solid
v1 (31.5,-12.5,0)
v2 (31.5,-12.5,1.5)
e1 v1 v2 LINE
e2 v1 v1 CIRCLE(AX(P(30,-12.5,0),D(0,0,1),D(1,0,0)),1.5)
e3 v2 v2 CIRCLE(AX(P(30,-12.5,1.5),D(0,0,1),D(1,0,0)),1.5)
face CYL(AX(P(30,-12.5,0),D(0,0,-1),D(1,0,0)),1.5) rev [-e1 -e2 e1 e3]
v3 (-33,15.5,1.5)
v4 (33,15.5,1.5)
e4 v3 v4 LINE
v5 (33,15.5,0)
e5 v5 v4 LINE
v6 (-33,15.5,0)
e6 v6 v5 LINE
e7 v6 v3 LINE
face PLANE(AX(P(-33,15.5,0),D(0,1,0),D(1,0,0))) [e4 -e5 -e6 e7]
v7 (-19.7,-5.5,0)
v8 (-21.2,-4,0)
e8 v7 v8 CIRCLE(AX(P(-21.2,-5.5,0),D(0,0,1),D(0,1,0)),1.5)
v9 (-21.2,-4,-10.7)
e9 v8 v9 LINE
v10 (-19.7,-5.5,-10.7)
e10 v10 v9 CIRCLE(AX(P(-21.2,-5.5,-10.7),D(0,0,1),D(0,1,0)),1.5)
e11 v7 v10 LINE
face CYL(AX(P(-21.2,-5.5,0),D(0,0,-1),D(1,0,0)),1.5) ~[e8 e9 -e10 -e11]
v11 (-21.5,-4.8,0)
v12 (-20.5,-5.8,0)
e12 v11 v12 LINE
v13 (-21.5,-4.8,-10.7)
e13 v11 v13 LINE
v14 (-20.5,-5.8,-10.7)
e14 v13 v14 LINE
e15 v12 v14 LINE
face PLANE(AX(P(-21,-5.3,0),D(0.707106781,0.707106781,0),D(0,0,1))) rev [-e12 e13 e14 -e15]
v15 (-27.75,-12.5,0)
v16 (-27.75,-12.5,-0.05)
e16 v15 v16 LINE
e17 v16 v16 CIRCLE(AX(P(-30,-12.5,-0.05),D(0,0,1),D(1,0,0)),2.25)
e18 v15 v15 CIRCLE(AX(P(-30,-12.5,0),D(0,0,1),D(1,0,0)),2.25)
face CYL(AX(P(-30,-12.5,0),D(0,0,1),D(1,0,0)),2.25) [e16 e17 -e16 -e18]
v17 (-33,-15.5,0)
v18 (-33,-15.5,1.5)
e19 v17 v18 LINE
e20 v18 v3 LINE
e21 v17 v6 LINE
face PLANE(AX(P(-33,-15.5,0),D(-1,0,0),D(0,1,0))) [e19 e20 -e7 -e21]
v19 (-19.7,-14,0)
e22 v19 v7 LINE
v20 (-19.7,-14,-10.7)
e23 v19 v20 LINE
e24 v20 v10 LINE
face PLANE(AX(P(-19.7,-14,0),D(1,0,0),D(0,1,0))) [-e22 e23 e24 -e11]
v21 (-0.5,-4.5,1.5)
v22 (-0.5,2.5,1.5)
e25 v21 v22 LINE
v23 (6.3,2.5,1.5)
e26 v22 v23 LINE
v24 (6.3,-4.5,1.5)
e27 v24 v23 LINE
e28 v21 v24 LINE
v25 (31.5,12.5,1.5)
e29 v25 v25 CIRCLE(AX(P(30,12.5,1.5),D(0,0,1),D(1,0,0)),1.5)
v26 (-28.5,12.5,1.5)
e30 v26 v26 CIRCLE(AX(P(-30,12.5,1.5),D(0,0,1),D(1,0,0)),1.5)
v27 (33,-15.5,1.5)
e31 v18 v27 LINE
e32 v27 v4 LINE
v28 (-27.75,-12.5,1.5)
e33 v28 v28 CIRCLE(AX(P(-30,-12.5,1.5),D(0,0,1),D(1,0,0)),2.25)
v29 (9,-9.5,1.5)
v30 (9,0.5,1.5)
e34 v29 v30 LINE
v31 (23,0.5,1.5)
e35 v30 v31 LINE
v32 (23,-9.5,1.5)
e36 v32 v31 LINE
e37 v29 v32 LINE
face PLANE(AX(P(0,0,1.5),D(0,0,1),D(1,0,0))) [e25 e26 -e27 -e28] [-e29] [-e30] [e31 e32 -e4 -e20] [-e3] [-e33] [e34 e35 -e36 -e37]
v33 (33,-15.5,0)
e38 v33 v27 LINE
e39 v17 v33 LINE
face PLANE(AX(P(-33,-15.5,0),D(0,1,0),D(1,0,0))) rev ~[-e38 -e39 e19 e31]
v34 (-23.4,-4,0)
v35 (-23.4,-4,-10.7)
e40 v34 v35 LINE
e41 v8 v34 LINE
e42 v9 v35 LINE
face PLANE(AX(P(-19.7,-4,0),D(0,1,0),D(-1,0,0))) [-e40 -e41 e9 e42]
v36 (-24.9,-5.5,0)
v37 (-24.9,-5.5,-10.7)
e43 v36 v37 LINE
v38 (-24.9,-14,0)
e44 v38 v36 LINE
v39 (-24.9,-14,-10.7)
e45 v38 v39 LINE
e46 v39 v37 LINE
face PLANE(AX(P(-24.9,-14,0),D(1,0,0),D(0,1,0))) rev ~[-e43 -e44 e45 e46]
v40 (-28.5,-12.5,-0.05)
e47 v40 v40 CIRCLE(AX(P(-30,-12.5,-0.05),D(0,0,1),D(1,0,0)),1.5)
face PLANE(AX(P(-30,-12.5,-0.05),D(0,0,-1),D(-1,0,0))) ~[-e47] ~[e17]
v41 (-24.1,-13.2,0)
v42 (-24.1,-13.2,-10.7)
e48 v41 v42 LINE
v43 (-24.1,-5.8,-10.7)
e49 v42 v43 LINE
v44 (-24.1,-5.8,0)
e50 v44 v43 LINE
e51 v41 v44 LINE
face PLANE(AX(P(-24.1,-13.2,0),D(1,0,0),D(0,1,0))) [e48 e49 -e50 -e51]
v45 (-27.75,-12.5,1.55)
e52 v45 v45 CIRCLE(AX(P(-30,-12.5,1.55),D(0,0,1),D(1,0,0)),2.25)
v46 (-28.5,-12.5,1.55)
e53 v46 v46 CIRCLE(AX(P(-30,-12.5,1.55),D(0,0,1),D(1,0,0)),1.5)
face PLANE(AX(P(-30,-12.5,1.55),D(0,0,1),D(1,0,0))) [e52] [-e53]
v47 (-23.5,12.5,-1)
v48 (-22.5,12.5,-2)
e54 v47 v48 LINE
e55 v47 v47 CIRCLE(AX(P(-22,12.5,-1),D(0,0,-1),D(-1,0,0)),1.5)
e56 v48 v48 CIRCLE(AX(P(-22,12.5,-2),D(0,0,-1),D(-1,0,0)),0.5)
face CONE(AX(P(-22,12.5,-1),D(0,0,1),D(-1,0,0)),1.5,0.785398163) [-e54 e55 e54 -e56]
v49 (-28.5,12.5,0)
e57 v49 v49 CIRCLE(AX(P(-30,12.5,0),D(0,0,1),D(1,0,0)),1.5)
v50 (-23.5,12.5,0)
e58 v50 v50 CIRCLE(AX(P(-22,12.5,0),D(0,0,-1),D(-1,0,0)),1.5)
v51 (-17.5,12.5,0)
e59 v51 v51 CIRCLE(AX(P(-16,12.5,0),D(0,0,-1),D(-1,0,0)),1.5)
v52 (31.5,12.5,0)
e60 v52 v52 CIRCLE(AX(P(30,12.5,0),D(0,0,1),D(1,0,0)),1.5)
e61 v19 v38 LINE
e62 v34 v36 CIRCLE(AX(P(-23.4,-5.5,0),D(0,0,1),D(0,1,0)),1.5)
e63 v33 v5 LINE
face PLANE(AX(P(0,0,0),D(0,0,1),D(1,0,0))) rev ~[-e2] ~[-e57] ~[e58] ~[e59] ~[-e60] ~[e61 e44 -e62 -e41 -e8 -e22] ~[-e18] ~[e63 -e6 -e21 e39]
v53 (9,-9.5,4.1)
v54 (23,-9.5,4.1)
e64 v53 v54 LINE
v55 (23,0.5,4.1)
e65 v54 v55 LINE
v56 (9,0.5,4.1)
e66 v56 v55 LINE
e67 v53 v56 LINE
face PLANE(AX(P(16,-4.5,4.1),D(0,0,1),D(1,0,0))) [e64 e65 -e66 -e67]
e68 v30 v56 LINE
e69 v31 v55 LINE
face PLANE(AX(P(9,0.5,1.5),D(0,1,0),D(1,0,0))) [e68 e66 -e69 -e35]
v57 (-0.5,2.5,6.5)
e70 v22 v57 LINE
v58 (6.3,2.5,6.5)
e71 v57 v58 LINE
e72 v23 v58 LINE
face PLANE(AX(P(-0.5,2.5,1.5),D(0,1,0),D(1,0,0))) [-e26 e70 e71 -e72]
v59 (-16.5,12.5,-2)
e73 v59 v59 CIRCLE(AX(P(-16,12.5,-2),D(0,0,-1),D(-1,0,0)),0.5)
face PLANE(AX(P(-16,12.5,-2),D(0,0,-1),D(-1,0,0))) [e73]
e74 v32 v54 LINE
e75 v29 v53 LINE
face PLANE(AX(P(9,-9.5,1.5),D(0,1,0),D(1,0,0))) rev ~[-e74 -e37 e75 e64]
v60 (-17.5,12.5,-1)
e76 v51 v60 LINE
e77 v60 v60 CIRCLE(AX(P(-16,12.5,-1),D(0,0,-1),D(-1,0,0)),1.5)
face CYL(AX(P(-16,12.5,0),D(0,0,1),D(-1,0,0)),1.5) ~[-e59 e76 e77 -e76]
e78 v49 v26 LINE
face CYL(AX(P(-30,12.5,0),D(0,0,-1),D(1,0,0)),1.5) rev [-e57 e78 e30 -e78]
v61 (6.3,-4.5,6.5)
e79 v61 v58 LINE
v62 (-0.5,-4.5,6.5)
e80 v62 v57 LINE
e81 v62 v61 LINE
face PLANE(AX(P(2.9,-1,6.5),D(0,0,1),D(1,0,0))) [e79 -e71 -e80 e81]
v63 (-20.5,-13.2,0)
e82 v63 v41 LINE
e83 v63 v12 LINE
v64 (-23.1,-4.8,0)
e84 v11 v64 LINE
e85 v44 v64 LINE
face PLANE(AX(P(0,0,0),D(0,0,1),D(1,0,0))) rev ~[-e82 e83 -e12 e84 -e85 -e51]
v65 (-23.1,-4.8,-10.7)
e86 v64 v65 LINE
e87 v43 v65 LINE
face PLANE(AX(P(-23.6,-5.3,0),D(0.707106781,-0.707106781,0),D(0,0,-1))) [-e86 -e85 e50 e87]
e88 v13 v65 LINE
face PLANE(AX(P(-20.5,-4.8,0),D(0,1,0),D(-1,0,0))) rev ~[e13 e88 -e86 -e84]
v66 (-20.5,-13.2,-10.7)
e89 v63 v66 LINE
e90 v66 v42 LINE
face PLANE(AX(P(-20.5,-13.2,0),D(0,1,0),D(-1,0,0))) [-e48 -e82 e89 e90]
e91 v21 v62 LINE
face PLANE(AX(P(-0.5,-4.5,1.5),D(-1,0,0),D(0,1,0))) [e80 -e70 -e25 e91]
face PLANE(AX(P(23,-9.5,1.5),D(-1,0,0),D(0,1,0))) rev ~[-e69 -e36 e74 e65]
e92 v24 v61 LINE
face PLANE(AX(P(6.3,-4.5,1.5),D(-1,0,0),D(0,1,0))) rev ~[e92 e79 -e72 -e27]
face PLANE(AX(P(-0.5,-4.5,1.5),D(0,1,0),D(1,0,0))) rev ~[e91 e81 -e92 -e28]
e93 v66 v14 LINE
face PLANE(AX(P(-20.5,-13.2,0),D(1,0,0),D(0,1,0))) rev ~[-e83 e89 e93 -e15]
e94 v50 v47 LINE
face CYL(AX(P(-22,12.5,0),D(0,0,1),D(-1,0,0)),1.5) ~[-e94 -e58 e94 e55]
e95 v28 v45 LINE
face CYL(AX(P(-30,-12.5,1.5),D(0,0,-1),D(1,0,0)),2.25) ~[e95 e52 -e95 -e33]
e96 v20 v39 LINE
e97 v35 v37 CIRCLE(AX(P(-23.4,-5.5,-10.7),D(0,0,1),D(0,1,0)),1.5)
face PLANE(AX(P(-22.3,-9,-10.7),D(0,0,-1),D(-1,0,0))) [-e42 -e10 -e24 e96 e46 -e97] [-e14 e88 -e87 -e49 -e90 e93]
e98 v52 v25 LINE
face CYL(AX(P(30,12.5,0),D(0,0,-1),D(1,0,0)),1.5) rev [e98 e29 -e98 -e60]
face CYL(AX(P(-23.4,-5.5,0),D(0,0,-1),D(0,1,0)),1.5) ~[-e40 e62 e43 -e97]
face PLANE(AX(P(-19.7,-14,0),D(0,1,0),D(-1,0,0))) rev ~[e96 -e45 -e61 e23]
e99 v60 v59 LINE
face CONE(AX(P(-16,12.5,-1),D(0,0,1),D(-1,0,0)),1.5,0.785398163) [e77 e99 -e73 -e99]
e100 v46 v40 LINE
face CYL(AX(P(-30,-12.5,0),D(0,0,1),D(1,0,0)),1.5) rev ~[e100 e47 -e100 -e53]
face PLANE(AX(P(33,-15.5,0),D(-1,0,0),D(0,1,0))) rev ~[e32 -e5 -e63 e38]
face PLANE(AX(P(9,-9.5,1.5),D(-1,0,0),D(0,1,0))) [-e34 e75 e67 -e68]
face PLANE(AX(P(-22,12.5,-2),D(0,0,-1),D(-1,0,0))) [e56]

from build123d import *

# Parameters (mm, degrees)
SKETCH1_W           = 66
SKETCH1_H           = 31
SKETCH1_R           = 1.5
BOSS_EXTRUDE1_DEPTH = 1.5
SKETCH2_W           = 14
SKETCH2_H           = 10
BOSS_EXTRUDE2_DEPTH = 2.6
SKETCH3_W           = 6.8
SKETCH3_H           = 7
BOSS_EXTRUDE3_DEPTH = 5
SKETCH4_R           = 2.25
SKETCH4_R_2         = 1.5
BOSS_EXTRUDE4_DEPTH = 0.05
SKETCH5_W           = 5.2
SKETCH5_H           = 10
SKETCH5_W_2         = 3.6
SKETCH5_H_2         = 8.4
BOSS_EXTRUDE5_DEPTH = 10.7
CHAMFER1_SIZE       = 1
FILLET1_R           = 1.5
SKETCH6_R           = 1.5
BOSS_EXTRUDE6_DEPTH = 2
CHAMFER2_SIZE       = 1


with BuildPart() as part:
    # Sketch1 → Boss-Extrude1 (new body)
    with BuildSketch(Plane.XY):
        Rectangle(SKETCH1_W, SKETCH1_H)
        with Locations((30, 12.5)):
            Circle(SKETCH1_R, mode=Mode.SUBTRACT)
        with Locations((30, -12.5)):
            Circle(SKETCH1_R, mode=Mode.SUBTRACT)
        with Locations((-30, -12.5)):
            Circle(SKETCH1_R, mode=Mode.SUBTRACT)
        with Locations((-30, 12.5)):
            Circle(SKETCH1_R, mode=Mode.SUBTRACT)
    extrude(amount=BOSS_EXTRUDE1_DEPTH)

    # Sketch2 → Boss-Extrude2 (add)
    with BuildSketch(Plane.XY.offset(1.5)):
        with Locations((16, -4.5)):
            Rectangle(SKETCH2_W, SKETCH2_H)
    extrude(amount=BOSS_EXTRUDE2_DEPTH)

    # Sketch3 → Boss-Extrude3 (add)
    with BuildSketch(Plane.XY.offset(1.5)):
        with Locations((2.9, -1)):
            Rectangle(SKETCH3_W, SKETCH3_H)
    extrude(amount=BOSS_EXTRUDE3_DEPTH)

    # Sketch4 → Boss-Extrude4 (add)
    with BuildSketch(Plane.XY.offset(1.5)):
        with Locations((-30, -12.5)):
            Circle(SKETCH4_R)
        with Locations((-30, -12.5)):
            Circle(SKETCH4_R_2, mode=Mode.SUBTRACT)
    boss_extrude4 = extrude(amount=BOSS_EXTRUDE4_DEPTH)

    # Mirror1: Boss-Extrude4 across plane
    add(boss_extrude4.mirror(Plane.XY.offset(0.75)))

    # Sketch5 → Boss-Extrude5 (add)
    with BuildSketch(Plane(origin=(0, 0, 0), x_dir=(-1, 0, 0), z_dir=(0, 0, -1))):
        with Locations((22.3, -9)):
            Rectangle(SKETCH5_W, SKETCH5_H)
        with Locations((22.3, -9)):
            Rectangle(SKETCH5_W_2, SKETCH5_H_2, mode=Mode.SUBTRACT)
    extrude(amount=BOSS_EXTRUDE5_DEPTH)

    # Chamfer1
    chamfer1_edges = [part.edges().sort_by_distance(p)[0] for p in [
        (-24.1, -4.8, -5.35),
        (-20.5, -4.8, -5.35),
    ]]
    chamfer(chamfer1_edges, length=CHAMFER1_SIZE)

    # Fillet1
    fillet1_edges = [part.edges().sort_by_distance(p)[0] for p in [
        (-24.9, -4, -5.35),
        (-19.7, -4, -5.35),
    ]]
    fillet(fillet1_edges, radius=FILLET1_R)

    # Sketch6 → Boss-Extrude6 (add)
    with BuildSketch(Plane(origin=(0, 0, 0), x_dir=(-1, 0, 0), z_dir=(0, 0, -1))):
        with Locations((16, 12.5)):
            Circle(SKETCH6_R)
        with Locations((22, 12.5)):
            Circle(SKETCH6_R)
    extrude(amount=BOSS_EXTRUDE6_DEPTH)

    # Chamfer2
    chamfer2_edges = [part.edges().sort_by_distance(p)[0] for p in [
        (-14.5, 12.5, -2),
        (-20.5, 12.5, -2),
    ]]
    chamfer(chamfer2_edges, length=CHAMFER2_SIZE)


solid = part.part
